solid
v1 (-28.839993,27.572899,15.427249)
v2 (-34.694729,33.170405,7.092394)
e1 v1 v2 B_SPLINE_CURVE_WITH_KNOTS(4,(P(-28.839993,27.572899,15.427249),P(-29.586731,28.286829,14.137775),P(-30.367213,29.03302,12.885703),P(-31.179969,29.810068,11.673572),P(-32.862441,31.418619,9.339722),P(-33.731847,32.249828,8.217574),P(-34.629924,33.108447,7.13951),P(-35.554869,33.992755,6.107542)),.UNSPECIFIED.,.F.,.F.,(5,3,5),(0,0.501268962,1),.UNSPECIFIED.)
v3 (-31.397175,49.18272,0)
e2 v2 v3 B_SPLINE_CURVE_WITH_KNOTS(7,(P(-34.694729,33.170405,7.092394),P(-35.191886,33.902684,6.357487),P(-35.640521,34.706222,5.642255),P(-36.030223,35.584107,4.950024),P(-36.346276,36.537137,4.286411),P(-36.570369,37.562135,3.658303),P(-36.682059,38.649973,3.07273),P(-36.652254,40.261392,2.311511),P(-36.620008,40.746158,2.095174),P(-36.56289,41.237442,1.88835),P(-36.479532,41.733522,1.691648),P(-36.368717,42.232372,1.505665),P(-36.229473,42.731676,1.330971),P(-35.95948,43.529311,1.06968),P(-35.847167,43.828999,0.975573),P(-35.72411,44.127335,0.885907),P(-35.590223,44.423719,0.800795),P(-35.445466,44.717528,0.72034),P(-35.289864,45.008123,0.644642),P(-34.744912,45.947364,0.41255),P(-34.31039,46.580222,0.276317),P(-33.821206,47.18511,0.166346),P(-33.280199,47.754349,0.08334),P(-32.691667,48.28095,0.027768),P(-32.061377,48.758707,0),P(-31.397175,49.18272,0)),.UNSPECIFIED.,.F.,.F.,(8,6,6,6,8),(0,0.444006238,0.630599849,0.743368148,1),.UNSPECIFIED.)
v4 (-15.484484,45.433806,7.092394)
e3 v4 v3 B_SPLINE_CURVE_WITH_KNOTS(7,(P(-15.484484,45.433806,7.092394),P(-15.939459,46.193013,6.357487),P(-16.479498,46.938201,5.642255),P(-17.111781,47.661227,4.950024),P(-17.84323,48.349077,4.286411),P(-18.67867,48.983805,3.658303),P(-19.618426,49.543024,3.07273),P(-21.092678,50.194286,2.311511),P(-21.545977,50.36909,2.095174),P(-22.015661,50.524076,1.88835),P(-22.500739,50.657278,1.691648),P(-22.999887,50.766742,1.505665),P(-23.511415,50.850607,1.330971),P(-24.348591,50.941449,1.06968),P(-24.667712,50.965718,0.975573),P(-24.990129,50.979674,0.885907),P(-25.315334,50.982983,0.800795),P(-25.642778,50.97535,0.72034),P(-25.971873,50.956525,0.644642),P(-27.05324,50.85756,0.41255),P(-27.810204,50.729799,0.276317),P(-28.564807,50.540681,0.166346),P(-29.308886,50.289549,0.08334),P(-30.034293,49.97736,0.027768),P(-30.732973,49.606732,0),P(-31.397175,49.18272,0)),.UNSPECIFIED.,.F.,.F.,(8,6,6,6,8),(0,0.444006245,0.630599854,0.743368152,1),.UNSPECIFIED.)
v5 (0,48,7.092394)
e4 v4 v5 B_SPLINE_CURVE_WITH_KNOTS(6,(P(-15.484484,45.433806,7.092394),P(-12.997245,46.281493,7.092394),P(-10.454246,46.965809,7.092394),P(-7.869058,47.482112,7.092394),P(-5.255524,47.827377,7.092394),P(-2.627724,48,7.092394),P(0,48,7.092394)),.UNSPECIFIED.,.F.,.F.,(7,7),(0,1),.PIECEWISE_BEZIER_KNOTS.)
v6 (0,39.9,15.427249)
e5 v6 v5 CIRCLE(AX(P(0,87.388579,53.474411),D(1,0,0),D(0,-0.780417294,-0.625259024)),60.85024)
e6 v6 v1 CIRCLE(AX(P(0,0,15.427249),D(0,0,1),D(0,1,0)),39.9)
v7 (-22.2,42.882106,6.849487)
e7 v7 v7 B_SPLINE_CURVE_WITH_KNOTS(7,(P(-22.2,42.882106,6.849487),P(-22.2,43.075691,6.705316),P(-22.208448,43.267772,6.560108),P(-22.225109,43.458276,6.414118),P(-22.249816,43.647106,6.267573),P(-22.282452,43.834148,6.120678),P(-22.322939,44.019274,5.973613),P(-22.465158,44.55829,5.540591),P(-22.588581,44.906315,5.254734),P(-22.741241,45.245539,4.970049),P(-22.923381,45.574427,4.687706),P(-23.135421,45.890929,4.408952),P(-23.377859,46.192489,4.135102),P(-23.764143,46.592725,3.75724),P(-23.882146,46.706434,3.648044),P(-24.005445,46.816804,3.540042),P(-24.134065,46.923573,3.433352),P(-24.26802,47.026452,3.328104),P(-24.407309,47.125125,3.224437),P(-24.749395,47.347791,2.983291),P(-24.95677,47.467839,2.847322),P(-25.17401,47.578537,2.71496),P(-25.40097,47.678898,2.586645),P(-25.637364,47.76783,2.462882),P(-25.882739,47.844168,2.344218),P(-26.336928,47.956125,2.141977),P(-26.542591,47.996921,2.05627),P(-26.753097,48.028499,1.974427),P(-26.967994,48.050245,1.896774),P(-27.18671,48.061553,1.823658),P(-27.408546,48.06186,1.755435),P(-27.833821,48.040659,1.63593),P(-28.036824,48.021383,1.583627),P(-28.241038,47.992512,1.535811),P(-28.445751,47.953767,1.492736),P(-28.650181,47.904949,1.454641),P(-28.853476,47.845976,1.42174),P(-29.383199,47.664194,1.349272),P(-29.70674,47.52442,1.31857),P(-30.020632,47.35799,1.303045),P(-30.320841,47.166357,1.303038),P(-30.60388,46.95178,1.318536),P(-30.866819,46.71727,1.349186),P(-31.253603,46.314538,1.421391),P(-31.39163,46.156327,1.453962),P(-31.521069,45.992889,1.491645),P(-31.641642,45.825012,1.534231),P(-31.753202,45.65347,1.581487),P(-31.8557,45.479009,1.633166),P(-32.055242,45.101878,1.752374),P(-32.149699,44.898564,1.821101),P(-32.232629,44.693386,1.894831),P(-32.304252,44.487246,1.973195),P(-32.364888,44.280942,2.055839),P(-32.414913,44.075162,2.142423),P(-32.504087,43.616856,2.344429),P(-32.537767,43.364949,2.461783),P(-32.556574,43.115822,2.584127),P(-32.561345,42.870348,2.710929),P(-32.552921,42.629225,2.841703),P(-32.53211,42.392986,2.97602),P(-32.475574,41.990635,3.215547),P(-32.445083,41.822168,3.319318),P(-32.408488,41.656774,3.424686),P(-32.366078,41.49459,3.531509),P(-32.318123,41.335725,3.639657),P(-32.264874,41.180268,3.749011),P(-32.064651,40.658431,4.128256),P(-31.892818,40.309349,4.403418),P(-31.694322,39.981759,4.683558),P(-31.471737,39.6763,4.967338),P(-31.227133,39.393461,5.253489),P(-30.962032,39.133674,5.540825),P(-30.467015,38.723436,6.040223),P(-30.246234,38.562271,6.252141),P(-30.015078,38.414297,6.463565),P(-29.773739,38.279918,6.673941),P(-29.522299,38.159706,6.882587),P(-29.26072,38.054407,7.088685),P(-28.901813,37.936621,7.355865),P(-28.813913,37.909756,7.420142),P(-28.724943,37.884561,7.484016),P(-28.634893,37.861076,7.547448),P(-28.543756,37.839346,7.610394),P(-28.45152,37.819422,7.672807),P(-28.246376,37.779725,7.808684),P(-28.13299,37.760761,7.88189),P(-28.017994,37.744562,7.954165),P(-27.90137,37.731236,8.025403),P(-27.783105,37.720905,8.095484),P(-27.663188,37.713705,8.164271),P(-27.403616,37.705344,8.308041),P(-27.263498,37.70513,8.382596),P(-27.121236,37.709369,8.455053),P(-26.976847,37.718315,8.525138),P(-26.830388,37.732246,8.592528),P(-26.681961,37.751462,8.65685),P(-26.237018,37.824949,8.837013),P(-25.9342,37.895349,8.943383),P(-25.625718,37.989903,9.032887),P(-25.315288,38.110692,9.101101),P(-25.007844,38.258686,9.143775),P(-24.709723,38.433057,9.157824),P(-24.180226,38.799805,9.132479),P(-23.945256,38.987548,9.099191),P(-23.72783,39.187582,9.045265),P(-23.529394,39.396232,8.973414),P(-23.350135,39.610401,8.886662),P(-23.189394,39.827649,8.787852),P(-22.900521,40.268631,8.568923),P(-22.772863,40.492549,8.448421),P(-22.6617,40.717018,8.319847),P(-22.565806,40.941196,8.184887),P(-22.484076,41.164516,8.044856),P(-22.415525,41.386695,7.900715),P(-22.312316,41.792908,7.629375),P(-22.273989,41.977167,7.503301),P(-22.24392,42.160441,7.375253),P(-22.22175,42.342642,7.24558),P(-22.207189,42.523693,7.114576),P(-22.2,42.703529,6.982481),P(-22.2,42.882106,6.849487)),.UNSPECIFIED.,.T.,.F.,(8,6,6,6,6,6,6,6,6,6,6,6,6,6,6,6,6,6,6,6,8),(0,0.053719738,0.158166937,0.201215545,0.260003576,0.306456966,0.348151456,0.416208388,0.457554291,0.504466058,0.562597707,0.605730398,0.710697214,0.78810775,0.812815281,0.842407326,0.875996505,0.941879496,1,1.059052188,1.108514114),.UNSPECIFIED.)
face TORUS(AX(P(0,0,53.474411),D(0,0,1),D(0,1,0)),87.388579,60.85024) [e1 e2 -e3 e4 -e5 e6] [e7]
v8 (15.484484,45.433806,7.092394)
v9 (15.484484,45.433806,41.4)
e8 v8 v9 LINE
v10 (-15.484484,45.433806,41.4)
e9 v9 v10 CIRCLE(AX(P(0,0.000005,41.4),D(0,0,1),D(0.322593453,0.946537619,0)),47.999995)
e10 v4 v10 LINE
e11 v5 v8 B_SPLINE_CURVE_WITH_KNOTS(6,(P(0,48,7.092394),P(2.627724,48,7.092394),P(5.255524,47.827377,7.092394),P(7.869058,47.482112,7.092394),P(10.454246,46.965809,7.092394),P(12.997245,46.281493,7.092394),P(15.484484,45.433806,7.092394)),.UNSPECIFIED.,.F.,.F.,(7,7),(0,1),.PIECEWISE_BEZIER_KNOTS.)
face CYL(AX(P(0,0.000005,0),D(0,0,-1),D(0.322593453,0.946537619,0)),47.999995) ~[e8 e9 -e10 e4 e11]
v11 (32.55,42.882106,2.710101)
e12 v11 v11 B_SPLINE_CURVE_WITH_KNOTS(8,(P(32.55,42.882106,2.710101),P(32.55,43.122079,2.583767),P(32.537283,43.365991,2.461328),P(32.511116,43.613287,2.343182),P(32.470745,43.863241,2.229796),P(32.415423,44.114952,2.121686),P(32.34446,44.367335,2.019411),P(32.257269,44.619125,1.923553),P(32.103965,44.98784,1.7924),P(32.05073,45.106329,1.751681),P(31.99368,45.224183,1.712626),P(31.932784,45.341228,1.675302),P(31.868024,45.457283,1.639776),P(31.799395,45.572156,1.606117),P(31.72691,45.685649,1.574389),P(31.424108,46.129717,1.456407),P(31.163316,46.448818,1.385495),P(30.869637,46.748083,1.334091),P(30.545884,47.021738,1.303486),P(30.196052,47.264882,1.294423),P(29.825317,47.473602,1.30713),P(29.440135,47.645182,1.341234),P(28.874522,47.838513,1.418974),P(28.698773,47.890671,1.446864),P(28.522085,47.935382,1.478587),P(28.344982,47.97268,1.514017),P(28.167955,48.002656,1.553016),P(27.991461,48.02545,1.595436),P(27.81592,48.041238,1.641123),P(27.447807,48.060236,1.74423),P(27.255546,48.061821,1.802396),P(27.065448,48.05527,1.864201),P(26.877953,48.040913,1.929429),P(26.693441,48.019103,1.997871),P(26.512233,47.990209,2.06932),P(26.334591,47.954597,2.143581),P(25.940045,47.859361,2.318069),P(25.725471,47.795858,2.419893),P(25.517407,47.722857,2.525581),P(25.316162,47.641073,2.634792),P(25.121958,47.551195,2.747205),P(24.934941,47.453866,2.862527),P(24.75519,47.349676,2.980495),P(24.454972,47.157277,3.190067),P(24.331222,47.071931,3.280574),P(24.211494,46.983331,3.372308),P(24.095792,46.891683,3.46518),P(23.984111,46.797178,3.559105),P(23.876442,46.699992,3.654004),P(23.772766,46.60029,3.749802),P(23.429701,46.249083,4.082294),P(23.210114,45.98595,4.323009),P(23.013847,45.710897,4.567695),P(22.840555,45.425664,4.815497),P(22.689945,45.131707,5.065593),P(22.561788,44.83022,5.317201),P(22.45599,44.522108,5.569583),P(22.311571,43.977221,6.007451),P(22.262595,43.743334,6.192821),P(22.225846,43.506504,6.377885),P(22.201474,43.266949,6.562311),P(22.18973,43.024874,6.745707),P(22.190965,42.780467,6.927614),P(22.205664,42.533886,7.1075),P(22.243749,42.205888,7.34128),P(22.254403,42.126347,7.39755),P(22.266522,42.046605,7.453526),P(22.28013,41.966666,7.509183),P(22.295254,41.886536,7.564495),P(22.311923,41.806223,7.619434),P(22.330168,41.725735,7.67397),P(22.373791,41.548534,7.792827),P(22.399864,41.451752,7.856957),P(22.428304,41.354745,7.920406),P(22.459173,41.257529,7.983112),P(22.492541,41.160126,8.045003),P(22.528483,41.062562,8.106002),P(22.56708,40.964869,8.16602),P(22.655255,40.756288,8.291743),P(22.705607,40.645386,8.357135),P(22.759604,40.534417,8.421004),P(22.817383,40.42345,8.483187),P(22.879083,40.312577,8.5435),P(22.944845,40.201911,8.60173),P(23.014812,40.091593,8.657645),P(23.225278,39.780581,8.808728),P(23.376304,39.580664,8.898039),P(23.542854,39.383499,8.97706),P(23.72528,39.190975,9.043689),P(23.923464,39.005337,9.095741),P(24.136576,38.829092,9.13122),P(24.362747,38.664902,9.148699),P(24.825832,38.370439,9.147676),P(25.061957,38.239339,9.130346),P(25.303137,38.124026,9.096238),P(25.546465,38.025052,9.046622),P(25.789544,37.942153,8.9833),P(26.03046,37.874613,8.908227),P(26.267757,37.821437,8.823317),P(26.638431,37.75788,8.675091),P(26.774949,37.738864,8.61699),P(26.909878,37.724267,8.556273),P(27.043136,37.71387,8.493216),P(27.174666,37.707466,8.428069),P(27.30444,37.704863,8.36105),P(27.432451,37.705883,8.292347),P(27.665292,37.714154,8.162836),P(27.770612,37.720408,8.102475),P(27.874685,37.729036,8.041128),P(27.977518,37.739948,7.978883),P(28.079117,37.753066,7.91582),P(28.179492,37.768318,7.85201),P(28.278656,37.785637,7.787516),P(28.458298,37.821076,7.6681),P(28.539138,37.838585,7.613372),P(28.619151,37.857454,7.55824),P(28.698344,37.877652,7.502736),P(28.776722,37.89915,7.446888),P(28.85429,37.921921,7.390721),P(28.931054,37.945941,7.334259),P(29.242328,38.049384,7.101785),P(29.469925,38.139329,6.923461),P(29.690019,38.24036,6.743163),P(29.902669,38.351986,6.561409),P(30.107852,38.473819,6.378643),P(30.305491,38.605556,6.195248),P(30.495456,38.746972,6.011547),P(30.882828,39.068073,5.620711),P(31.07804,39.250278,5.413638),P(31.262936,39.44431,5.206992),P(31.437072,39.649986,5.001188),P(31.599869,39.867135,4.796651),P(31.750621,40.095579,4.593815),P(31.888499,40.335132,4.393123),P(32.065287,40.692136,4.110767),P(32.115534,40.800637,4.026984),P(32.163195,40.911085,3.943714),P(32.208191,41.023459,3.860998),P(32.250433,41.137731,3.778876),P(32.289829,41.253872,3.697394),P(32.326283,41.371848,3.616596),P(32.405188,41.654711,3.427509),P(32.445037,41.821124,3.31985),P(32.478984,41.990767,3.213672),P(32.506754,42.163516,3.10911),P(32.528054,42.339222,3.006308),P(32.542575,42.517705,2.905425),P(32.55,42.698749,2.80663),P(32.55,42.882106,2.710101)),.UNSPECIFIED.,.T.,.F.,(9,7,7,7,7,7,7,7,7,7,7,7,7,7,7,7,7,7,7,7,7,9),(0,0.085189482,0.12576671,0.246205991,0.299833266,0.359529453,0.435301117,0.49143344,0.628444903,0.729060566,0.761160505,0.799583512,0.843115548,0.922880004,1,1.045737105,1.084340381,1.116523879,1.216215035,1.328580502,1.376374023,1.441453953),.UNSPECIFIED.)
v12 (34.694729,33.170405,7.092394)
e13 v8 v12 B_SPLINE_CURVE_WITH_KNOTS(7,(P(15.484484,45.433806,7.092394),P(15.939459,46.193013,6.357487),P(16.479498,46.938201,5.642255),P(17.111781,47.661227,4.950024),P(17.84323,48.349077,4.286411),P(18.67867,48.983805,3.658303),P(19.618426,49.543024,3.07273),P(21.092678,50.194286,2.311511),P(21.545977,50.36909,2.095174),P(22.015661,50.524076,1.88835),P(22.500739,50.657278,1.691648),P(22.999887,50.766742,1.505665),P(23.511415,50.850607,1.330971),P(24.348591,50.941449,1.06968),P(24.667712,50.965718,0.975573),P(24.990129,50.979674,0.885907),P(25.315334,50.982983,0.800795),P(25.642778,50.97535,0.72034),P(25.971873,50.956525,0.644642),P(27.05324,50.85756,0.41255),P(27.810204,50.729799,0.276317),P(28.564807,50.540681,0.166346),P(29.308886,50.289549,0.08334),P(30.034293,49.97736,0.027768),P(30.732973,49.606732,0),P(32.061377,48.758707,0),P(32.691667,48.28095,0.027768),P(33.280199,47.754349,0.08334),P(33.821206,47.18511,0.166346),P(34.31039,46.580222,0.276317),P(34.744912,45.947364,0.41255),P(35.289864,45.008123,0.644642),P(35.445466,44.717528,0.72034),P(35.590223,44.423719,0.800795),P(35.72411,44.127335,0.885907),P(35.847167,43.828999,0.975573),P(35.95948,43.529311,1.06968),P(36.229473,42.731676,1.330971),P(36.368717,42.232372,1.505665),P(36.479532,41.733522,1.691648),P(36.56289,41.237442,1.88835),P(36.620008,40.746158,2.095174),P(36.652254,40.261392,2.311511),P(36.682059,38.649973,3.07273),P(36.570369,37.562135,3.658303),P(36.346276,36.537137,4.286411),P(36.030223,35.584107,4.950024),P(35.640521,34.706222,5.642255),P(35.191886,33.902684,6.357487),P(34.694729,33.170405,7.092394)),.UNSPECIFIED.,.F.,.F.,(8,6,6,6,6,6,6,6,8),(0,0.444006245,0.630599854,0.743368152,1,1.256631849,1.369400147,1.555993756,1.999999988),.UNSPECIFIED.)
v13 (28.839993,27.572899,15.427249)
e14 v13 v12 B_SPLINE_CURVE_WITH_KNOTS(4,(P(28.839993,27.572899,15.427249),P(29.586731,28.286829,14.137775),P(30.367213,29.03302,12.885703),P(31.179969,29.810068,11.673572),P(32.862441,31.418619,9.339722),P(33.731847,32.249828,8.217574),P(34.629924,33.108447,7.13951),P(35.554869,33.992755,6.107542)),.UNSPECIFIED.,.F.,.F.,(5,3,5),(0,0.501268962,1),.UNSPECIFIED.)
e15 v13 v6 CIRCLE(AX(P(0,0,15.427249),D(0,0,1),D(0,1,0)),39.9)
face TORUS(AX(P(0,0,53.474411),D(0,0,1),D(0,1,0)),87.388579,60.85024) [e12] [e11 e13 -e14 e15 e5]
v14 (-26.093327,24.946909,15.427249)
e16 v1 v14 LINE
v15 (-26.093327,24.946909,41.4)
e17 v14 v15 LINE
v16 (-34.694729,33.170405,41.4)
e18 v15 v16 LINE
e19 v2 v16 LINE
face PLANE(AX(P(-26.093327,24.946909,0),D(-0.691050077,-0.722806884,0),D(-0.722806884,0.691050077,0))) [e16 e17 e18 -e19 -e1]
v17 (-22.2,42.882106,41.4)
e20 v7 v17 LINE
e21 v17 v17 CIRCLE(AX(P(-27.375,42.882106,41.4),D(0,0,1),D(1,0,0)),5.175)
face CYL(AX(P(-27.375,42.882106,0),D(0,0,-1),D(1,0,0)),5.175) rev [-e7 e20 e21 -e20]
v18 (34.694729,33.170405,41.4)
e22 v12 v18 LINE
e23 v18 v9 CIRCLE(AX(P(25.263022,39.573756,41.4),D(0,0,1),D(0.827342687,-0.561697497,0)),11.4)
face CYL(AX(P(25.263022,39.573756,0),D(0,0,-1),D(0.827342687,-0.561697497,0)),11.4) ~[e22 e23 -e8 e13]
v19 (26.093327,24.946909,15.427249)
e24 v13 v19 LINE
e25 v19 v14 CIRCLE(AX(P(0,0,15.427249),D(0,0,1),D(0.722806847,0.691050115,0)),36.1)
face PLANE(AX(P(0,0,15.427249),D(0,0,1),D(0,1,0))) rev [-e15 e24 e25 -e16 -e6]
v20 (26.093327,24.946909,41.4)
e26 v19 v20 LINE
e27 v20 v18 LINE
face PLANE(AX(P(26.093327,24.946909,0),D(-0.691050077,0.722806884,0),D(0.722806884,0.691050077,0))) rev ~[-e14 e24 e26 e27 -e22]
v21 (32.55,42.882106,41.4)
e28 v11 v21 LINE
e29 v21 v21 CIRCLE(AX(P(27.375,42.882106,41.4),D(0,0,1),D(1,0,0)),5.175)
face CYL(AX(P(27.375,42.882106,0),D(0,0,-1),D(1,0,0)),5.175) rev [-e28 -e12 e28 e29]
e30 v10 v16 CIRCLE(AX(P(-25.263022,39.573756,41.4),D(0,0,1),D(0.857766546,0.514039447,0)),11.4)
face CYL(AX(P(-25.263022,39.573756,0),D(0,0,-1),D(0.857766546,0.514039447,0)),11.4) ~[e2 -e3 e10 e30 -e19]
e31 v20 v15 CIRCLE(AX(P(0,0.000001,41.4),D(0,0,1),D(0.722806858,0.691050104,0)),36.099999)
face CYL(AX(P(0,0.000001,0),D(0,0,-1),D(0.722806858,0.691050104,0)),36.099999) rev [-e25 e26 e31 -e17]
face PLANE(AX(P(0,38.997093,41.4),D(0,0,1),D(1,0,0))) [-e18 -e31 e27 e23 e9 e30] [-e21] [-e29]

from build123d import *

# Parameters (mm, degrees)
SKETCH004_R  = 5.175
PAD002_DEPTH = 41.4


with BuildPart() as chamfer_cutout_left:
    # Sketch005 → Revolution001 (revolve)
    with BuildSketch(Plane.YZ):
        with BuildLine():
            Line((36.1, 15.427249), (39.9, 15.427249))
            ThreePointArc((39.9, 15.427249), (48.355241, 6.793042), (58.35, 0))
            Line((58.35, 0), (58.35, -5))
            Line((58.35, -5), (36.1, -5))
            Line((36.1, -5), (36.1, 15.427249))
        make_face()
    revolve(axis=Axis((0, 0, 0), (0, 0, 1)))


with BuildPart() as spacer_left:
    # Sketch004 → Pad002 (new body)
    with BuildSketch(Plane.XY):
        with BuildLine():
            ThreePointArc((-15.484484, 45.433806), (-31.397174, 49.18272), (-34.694729, 33.170405))
            Line((-26.093327, 24.946909), (-34.694729, 33.170405))
            ThreePointArc((26.093327, 24.946909), (0, 36.1), (-26.093327, 24.946909))
            Line((26.093327, 24.946909), (34.694729, 33.170405))
            ThreePointArc((34.694729, 33.170405), (31.397174, 49.18272), (15.484484, 45.433806))
            ThreePointArc((15.484484, 45.433806), (0, 48), (-15.484484, 45.433806))
        make_face()
        with Locations((-27.375, 42.882106)):
            Circle(SKETCH004_R, mode=Mode.SUBTRACT)
        with Locations((27.375, 42.882106)):
            Circle(SKETCH004_R, mode=Mode.SUBTRACT)
    extrude(amount=PAD002_DEPTH)

    # Cut001: cut chamfer_cutout_left
    add(chamfer_cutout_left.part, mode=Mode.SUBTRACT)


solid = spacer_left.part
